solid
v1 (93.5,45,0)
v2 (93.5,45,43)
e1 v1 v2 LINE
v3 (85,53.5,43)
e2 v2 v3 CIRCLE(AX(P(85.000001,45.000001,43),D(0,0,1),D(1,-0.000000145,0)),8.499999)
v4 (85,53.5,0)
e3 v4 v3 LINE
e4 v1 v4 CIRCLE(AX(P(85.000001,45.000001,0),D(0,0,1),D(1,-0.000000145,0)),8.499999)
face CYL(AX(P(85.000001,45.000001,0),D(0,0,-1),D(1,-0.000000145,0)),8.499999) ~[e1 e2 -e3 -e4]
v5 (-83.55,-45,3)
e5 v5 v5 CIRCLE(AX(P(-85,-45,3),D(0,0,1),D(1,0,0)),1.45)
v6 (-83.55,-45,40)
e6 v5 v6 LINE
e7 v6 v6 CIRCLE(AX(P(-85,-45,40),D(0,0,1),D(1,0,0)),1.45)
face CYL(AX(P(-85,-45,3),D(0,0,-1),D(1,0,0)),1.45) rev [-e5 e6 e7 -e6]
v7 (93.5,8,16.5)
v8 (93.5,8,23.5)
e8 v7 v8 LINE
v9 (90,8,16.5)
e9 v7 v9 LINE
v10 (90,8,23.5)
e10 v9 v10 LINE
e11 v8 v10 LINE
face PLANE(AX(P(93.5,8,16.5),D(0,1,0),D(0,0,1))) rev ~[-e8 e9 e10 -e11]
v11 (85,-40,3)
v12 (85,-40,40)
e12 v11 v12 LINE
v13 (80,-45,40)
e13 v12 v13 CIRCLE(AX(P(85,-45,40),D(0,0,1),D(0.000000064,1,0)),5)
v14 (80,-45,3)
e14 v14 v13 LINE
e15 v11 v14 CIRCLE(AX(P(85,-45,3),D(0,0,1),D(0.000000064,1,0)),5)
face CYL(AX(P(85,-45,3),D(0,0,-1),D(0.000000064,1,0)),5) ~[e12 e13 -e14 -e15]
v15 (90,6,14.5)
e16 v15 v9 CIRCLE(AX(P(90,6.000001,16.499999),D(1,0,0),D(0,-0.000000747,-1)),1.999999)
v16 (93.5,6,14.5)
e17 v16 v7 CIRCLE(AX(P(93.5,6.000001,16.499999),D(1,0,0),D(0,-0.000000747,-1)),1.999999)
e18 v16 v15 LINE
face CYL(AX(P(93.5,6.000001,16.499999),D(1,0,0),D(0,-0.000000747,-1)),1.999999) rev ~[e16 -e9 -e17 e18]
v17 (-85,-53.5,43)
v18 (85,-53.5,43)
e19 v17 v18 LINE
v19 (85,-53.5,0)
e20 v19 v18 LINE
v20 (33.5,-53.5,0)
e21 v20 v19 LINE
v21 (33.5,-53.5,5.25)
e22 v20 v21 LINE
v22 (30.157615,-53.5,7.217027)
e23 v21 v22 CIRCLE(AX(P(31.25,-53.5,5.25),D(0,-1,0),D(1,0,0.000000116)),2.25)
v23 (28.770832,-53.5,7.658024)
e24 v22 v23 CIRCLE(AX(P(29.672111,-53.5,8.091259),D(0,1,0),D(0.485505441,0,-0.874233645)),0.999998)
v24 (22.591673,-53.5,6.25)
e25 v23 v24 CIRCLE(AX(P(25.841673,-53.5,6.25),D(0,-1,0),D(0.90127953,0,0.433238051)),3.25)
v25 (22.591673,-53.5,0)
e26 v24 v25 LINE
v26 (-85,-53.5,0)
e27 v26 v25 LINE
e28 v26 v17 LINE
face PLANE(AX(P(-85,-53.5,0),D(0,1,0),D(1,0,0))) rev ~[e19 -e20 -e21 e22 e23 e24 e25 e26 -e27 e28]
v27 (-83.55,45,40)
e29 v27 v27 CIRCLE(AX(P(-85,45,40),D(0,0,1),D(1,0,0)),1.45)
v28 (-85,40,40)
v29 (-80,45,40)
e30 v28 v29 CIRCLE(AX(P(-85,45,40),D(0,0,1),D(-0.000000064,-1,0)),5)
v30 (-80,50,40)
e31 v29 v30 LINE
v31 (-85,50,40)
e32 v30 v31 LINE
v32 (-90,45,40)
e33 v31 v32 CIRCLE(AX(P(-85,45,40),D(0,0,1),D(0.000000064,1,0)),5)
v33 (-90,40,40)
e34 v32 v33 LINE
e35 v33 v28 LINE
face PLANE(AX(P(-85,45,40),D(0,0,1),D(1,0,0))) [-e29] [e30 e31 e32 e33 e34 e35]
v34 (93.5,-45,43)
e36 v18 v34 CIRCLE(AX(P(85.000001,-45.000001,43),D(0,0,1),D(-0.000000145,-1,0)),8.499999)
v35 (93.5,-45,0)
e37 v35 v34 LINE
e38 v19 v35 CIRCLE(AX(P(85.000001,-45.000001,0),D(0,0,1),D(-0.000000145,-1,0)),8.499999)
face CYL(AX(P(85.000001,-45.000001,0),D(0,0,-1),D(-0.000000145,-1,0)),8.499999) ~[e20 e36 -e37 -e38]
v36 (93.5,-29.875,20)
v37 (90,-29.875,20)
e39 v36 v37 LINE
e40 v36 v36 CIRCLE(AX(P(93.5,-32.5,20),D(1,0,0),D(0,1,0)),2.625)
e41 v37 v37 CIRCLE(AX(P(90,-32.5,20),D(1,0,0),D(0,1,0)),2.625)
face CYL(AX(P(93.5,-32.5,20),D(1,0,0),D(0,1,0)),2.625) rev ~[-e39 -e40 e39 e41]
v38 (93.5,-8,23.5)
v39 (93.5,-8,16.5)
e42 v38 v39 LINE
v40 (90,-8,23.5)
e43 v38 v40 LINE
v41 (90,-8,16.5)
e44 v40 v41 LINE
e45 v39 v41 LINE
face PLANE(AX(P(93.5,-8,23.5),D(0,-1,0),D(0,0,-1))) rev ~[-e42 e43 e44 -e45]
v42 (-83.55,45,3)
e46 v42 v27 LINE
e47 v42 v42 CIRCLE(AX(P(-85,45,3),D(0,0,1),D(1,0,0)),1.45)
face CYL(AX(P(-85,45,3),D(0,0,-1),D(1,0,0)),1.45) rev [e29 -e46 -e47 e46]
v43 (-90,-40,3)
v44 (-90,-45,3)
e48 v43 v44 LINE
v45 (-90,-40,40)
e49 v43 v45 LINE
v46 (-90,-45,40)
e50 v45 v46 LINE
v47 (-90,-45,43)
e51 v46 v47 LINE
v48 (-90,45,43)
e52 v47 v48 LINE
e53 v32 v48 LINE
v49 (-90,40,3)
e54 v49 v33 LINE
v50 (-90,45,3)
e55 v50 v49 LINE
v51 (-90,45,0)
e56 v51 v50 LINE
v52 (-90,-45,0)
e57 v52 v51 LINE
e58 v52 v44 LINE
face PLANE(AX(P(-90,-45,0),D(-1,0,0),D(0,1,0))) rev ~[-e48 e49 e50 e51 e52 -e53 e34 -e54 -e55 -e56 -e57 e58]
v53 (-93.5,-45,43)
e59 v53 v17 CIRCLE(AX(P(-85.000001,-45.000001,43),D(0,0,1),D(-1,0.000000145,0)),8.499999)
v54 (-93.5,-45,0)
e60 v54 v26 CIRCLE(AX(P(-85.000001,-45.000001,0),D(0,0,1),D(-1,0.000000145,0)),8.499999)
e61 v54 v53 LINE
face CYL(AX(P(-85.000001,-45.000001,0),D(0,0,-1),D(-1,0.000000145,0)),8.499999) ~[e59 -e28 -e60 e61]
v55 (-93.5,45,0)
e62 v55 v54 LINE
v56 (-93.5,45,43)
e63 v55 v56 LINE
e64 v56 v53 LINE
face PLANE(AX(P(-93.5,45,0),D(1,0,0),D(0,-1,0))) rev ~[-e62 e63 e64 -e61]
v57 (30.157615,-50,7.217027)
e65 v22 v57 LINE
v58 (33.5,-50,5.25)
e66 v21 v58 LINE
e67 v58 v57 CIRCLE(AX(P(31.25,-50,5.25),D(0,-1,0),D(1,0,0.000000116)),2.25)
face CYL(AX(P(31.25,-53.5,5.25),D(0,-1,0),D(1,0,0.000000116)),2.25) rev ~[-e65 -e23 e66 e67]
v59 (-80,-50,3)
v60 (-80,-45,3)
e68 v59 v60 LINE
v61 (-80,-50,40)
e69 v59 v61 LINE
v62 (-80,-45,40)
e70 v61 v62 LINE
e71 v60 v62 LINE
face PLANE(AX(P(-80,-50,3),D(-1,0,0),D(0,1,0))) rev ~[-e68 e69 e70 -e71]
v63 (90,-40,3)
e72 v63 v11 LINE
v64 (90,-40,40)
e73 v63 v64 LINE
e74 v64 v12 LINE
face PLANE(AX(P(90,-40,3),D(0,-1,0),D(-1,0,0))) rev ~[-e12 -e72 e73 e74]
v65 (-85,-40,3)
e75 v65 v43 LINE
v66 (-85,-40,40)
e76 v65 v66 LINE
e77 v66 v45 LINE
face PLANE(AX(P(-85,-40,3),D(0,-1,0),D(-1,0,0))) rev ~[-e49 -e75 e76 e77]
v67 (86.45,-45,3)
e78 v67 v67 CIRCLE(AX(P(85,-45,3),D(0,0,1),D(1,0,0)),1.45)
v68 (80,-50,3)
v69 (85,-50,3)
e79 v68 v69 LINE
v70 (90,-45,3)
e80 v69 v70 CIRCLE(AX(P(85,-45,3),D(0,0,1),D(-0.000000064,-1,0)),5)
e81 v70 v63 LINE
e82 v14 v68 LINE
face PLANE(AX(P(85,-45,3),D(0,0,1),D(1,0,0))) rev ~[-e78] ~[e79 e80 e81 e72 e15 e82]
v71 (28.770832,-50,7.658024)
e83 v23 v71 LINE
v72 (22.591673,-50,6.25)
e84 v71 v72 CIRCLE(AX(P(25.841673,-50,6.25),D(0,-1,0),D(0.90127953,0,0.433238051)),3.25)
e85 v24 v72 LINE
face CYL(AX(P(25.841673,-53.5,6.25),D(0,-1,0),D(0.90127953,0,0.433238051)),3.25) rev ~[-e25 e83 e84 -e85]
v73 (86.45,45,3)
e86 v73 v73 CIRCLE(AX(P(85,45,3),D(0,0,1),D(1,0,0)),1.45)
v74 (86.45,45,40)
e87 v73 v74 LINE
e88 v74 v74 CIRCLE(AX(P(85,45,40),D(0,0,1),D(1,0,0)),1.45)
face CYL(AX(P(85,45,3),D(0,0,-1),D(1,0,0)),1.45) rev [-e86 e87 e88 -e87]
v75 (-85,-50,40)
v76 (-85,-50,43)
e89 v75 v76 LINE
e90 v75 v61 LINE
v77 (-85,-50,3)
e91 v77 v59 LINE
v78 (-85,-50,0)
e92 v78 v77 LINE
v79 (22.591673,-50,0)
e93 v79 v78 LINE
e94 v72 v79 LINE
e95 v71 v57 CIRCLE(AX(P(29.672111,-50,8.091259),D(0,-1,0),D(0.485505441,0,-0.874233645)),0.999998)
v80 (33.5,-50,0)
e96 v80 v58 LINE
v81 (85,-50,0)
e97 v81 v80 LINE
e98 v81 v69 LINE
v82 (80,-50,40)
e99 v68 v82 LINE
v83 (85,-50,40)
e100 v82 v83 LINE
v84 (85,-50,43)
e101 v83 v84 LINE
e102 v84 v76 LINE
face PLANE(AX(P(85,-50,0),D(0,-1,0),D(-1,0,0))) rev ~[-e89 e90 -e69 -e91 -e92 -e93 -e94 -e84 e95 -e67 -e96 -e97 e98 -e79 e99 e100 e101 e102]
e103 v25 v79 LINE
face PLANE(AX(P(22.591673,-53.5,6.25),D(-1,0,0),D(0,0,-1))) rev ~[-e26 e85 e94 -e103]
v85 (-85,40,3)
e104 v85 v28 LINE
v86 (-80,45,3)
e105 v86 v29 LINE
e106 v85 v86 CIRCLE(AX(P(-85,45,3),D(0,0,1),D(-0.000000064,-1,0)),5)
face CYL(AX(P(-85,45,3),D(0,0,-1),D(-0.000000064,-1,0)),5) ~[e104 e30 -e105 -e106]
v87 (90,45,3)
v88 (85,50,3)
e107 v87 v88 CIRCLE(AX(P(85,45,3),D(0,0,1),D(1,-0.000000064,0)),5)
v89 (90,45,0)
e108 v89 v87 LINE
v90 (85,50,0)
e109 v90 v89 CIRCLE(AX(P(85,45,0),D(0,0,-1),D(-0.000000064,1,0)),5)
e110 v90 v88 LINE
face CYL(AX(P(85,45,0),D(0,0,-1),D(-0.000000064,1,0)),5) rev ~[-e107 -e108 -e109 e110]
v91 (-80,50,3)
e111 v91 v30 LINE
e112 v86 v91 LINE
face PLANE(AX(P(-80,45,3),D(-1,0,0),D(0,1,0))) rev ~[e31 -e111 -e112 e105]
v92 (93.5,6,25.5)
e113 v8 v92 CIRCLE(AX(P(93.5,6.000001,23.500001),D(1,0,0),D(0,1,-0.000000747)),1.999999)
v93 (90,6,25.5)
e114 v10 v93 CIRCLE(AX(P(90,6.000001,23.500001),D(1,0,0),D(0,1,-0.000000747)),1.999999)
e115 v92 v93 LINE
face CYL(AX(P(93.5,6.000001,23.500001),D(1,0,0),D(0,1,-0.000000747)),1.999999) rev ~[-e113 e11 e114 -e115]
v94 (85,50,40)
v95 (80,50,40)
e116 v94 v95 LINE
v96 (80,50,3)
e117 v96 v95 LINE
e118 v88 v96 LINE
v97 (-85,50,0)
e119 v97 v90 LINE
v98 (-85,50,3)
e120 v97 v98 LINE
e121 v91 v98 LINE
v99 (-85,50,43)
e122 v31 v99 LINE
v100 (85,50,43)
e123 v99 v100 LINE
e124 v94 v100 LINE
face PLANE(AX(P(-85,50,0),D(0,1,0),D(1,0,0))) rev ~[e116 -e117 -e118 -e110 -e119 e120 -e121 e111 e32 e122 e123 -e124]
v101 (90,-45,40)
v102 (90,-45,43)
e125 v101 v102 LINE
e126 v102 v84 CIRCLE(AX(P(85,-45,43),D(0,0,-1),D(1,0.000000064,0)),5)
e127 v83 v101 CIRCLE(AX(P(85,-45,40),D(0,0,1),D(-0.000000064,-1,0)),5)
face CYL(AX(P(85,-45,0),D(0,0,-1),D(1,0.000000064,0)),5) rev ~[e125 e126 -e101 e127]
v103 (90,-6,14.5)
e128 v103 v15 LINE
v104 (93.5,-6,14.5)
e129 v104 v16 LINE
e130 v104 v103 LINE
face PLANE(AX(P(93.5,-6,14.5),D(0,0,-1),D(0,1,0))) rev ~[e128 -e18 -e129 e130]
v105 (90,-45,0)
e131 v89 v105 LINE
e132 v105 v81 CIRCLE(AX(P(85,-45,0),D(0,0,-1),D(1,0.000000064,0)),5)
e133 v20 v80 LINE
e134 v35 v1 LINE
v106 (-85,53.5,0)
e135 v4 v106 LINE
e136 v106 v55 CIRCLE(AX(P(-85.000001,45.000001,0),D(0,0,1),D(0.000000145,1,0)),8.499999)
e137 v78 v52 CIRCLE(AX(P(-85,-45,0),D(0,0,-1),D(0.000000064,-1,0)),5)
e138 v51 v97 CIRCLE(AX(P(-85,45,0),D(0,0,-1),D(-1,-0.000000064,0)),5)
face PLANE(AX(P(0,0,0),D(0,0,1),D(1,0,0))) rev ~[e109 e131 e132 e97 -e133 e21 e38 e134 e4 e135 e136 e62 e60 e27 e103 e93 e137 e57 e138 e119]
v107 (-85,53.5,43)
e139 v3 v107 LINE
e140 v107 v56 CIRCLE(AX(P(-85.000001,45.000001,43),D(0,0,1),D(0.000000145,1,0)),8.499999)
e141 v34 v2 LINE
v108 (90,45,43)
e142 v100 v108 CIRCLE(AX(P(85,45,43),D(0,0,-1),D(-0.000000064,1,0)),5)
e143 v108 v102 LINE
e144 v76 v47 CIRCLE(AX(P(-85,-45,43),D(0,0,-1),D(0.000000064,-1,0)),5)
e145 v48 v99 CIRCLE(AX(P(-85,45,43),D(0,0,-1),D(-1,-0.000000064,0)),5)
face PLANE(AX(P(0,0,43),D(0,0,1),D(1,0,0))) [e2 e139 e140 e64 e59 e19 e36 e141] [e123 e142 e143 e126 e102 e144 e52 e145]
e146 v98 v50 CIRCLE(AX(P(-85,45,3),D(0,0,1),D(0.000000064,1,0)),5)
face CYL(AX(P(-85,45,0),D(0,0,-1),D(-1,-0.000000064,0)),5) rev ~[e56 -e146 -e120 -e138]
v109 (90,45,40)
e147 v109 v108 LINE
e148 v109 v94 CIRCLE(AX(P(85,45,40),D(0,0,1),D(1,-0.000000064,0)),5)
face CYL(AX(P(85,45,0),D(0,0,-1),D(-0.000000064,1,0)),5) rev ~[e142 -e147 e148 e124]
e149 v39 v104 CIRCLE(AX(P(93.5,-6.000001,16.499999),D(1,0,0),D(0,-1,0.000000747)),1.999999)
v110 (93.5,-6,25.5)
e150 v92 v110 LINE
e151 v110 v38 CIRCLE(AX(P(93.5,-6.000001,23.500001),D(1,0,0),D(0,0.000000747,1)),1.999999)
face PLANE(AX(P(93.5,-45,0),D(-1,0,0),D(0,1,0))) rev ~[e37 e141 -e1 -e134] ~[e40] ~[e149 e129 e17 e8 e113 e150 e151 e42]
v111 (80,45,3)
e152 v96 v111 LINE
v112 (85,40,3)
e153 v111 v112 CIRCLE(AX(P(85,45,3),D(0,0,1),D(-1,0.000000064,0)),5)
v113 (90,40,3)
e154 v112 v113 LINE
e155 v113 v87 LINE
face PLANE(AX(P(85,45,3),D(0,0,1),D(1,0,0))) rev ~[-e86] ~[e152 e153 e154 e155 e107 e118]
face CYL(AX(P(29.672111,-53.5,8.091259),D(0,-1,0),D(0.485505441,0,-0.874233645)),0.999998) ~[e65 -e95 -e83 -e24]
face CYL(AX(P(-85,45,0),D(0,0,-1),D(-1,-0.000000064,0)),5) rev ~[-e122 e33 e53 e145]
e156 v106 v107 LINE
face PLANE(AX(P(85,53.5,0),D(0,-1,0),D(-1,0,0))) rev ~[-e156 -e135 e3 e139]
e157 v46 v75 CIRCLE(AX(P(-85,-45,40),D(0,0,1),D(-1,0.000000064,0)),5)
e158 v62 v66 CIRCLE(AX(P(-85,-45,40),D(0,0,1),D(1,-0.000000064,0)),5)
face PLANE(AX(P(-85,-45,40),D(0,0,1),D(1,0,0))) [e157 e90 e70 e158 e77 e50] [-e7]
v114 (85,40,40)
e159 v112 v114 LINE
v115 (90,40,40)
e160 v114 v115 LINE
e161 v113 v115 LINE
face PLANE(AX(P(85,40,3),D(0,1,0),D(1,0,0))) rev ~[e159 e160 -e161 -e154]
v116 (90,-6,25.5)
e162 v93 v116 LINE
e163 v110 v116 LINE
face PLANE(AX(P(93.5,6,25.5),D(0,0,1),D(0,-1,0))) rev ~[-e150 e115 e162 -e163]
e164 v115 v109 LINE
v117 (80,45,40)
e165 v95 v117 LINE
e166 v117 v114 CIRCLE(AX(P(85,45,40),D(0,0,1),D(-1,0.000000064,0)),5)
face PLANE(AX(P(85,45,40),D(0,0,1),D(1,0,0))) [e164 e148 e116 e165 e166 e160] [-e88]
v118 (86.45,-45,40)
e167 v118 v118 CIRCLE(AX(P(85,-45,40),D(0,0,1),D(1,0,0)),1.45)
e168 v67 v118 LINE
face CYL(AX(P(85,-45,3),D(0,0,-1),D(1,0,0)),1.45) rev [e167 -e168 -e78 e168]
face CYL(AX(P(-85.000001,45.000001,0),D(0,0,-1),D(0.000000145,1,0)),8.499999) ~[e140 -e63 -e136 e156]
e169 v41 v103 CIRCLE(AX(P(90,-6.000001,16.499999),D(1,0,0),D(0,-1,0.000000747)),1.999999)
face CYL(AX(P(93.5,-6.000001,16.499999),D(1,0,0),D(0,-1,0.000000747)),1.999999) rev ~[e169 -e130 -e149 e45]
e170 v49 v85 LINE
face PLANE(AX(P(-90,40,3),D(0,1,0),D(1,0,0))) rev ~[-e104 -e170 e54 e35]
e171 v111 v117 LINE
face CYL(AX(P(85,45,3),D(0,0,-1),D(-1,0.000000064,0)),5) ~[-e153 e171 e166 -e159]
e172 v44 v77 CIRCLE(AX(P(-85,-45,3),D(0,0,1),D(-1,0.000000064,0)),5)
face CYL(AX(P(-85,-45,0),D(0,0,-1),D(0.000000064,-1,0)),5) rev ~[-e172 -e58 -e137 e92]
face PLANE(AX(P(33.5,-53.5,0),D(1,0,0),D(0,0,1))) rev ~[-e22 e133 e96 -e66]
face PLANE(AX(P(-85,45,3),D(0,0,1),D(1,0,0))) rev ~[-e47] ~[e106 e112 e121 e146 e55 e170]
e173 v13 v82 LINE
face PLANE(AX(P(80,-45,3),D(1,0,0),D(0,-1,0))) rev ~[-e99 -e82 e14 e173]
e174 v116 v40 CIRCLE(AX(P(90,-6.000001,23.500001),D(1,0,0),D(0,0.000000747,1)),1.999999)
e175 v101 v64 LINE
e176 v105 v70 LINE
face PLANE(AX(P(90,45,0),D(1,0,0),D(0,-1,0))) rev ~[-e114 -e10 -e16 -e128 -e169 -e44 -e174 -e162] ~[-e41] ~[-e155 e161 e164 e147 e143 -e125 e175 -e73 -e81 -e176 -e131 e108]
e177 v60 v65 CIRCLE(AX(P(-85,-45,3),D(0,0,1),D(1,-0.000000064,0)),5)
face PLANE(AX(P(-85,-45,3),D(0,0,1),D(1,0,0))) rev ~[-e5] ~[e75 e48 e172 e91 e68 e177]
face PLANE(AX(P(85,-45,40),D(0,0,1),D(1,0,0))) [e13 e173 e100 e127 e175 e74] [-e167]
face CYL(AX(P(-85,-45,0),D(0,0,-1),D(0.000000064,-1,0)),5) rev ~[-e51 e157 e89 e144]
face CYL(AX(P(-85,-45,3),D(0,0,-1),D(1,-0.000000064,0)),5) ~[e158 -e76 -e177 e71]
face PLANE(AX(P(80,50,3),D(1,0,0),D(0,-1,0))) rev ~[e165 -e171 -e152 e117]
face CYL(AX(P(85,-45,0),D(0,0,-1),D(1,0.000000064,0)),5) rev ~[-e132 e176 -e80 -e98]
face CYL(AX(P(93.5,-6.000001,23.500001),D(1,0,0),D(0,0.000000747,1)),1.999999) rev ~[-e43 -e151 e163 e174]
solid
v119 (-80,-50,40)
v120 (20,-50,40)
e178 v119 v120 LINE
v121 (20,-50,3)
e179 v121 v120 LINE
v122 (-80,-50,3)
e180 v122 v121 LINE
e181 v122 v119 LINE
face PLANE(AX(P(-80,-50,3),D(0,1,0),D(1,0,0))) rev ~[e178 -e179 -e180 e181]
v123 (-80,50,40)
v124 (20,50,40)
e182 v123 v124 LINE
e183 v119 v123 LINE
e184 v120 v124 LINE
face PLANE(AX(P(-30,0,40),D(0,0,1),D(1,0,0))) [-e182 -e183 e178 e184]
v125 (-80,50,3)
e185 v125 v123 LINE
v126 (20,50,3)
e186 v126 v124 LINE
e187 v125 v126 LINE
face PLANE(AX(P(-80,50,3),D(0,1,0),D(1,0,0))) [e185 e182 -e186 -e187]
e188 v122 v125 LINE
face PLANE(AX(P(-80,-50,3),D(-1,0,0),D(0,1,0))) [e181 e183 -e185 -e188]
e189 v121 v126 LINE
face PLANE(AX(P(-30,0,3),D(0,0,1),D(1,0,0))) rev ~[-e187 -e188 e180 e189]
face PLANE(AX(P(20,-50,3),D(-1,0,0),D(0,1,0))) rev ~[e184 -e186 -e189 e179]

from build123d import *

# Parameters (mm, degrees)
F1_DEPTH  = 43
F3_R      = 1.45
F4_DEPTH  = 37
F5_R      = 2.625
F6_DEPTH  = 10
F7_W      = 100
F7_H      = 100
F8_DEPTH  = 37
F11_DEPTH = 25


with BuildPart() as f1:
    # F0 (on Top) → F1 (new body)
    with BuildSketch(Plane.XY):
        with BuildLine():
            Line((93.5, -45), (93.5, 45))
            ThreePointArc((93.5, 45), (91.010408, 51.010408), (85, 53.5))
            Line((85, 53.5), (-85, 53.5))
            ThreePointArc((-85, 53.5), (-91.010408, 51.010408), (-93.5, 45))
            Line((-93.5, 45), (-93.5, -45))
            ThreePointArc((-93.5, -45), (-91.010408, -51.010408), (-85, -53.5))
            Line((-85, -53.5), (85, -53.5))
            ThreePointArc((85, -53.5), (91.010408, -51.010408), (93.5, -45))
        make_face()
        with BuildLine():
            ThreePointArc((-90, 45), (-88.535534, 48.535534), (-85, 50))
            Line((-85, 50), (85, 50))
            ThreePointArc((85, 50), (88.535534, 48.535534), (90, 45))
            Line((90, 45), (90, -45))
            ThreePointArc((90, -45), (88.535534, -48.535534), (85, -50))
            Line((85, -50), (-85, -50))
            ThreePointArc((-85, -50), (-88.535534, -48.535534), (-90, -45))
            Line((-90, -45), (-90, 45))
        make_face(mode=Mode.SUBTRACT)
    extrude(amount=F1_DEPTH)

    # F3 (on offset) → F4 (join)
    with BuildSketch(Plane.XY.offset(3)):
        with BuildLine():
            Line((-80, 45), (-80, 50))
            Line((-80, 50), (-85, 50))
            ThreePointArc((-85, 50), (-88.535534, 48.535534), (-90, 45))
            Line((-90, 45), (-90, 40))
            Line((-90, 40), (-85, 40))
            ThreePointArc((-85, 40), (-81.464466, 41.464466), (-80, 45))
        make_face()
        with Locations((-85, 45)):
            Circle(F3_R, mode=Mode.SUBTRACT)
        with BuildLine():
            ThreePointArc((90, 45), (88.535534, 48.535534), (85, 50))
            Line((85, 50), (80, 50))
            Line((80, 50), (80, 45))
            ThreePointArc((80, 45), (81.464466, 41.464466), (85, 40))
            Line((85, 40), (90, 40))
            Line((90, 40), (90, 45))
        make_face()
        with Locations((85, 45)):
            Circle(F3_R, mode=Mode.SUBTRACT)
        with BuildLine():
            Line((80, -45), (80, -50))
            Line((80, -50), (85, -50))
            ThreePointArc((85, -50), (88.535534, -48.535534), (90, -45))
            Line((90, -45), (90, -40))
            Line((90, -40), (85, -40))
            ThreePointArc((85, -40), (81.464466, -41.464466), (80, -45))
        make_face()
        with Locations((85, -45)):
            Circle(F3_R, mode=Mode.SUBTRACT)
        with BuildLine():
            ThreePointArc((-80, -45), (-81.464466, -41.464466), (-85, -40))
            Line((-85, -40), (-90, -40))
            Line((-90, -40), (-90, -45))
            ThreePointArc((-90, -45), (-88.535534, -48.535534), (-85, -50))
            Line((-85, -50), (-80, -50))
            Line((-80, -50), (-80, -45))
        make_face()
        with Locations((-85, -45)):
            Circle(F3_R, mode=Mode.SUBTRACT)
    extrude(amount=F4_DEPTH)

    # F5 (on face) → F6 (cut)
    with BuildSketch(Plane.YZ.offset(93.5)):
        with BuildLine():
            Line((-6, 14.5), (6, 14.5))
            ThreePointArc((6, 14.5), (7.414214, 15.085786), (8, 16.5))
            Line((8, 16.5), (8, 23.5))
            ThreePointArc((8, 23.5), (7.414214, 24.914214), (6, 25.5))
            Line((6, 25.5), (-6, 25.5))
            ThreePointArc((-6, 25.5), (-7.414214, 24.914214), (-8, 23.5))
            Line((-8, 23.5), (-8, 16.5))
            ThreePointArc((-8, 16.5), (-7.414214, 15.085786), (-6, 14.5))
        make_face()
        with Locations((-32.5, 20)):
            Circle(F5_R)
    extrude(amount=-F6_DEPTH, mode=Mode.SUBTRACT)

    # F10 (on face) → F11 (cut)
    with BuildSketch(Plane.XZ.offset(53.5)):
        with BuildLine():
            ThreePointArc((30.157615, 7.217027), (29.369065, 7.138285), (28.770832, 7.658024))
            ThreePointArc((28.770832, 7.658024), (25.119615, 9.418775), (22.591673, 6.25))
            Line((22.591673, 6.25), (22.591673, 0))
            Line((22.591673, 0), (33.5, 0))
            Line((33.5, 0), (33.5, 5.25))
            ThreePointArc((33.5, 5.25), (32.391191, 7.189119), (30.157615, 7.217027))
        make_face()
    extrude(amount=-F11_DEPTH, mode=Mode.SUBTRACT)


with BuildPart() as f8:
    # F7 (on offset) → F8 (new body)
    with BuildSketch(Plane.XY.offset(3)):
        with Locations((-30, 0)):
            Rectangle(F7_W, F7_H)
    extrude(amount=F8_DEPTH)


solid = Compound([f1.part, f8.part])
